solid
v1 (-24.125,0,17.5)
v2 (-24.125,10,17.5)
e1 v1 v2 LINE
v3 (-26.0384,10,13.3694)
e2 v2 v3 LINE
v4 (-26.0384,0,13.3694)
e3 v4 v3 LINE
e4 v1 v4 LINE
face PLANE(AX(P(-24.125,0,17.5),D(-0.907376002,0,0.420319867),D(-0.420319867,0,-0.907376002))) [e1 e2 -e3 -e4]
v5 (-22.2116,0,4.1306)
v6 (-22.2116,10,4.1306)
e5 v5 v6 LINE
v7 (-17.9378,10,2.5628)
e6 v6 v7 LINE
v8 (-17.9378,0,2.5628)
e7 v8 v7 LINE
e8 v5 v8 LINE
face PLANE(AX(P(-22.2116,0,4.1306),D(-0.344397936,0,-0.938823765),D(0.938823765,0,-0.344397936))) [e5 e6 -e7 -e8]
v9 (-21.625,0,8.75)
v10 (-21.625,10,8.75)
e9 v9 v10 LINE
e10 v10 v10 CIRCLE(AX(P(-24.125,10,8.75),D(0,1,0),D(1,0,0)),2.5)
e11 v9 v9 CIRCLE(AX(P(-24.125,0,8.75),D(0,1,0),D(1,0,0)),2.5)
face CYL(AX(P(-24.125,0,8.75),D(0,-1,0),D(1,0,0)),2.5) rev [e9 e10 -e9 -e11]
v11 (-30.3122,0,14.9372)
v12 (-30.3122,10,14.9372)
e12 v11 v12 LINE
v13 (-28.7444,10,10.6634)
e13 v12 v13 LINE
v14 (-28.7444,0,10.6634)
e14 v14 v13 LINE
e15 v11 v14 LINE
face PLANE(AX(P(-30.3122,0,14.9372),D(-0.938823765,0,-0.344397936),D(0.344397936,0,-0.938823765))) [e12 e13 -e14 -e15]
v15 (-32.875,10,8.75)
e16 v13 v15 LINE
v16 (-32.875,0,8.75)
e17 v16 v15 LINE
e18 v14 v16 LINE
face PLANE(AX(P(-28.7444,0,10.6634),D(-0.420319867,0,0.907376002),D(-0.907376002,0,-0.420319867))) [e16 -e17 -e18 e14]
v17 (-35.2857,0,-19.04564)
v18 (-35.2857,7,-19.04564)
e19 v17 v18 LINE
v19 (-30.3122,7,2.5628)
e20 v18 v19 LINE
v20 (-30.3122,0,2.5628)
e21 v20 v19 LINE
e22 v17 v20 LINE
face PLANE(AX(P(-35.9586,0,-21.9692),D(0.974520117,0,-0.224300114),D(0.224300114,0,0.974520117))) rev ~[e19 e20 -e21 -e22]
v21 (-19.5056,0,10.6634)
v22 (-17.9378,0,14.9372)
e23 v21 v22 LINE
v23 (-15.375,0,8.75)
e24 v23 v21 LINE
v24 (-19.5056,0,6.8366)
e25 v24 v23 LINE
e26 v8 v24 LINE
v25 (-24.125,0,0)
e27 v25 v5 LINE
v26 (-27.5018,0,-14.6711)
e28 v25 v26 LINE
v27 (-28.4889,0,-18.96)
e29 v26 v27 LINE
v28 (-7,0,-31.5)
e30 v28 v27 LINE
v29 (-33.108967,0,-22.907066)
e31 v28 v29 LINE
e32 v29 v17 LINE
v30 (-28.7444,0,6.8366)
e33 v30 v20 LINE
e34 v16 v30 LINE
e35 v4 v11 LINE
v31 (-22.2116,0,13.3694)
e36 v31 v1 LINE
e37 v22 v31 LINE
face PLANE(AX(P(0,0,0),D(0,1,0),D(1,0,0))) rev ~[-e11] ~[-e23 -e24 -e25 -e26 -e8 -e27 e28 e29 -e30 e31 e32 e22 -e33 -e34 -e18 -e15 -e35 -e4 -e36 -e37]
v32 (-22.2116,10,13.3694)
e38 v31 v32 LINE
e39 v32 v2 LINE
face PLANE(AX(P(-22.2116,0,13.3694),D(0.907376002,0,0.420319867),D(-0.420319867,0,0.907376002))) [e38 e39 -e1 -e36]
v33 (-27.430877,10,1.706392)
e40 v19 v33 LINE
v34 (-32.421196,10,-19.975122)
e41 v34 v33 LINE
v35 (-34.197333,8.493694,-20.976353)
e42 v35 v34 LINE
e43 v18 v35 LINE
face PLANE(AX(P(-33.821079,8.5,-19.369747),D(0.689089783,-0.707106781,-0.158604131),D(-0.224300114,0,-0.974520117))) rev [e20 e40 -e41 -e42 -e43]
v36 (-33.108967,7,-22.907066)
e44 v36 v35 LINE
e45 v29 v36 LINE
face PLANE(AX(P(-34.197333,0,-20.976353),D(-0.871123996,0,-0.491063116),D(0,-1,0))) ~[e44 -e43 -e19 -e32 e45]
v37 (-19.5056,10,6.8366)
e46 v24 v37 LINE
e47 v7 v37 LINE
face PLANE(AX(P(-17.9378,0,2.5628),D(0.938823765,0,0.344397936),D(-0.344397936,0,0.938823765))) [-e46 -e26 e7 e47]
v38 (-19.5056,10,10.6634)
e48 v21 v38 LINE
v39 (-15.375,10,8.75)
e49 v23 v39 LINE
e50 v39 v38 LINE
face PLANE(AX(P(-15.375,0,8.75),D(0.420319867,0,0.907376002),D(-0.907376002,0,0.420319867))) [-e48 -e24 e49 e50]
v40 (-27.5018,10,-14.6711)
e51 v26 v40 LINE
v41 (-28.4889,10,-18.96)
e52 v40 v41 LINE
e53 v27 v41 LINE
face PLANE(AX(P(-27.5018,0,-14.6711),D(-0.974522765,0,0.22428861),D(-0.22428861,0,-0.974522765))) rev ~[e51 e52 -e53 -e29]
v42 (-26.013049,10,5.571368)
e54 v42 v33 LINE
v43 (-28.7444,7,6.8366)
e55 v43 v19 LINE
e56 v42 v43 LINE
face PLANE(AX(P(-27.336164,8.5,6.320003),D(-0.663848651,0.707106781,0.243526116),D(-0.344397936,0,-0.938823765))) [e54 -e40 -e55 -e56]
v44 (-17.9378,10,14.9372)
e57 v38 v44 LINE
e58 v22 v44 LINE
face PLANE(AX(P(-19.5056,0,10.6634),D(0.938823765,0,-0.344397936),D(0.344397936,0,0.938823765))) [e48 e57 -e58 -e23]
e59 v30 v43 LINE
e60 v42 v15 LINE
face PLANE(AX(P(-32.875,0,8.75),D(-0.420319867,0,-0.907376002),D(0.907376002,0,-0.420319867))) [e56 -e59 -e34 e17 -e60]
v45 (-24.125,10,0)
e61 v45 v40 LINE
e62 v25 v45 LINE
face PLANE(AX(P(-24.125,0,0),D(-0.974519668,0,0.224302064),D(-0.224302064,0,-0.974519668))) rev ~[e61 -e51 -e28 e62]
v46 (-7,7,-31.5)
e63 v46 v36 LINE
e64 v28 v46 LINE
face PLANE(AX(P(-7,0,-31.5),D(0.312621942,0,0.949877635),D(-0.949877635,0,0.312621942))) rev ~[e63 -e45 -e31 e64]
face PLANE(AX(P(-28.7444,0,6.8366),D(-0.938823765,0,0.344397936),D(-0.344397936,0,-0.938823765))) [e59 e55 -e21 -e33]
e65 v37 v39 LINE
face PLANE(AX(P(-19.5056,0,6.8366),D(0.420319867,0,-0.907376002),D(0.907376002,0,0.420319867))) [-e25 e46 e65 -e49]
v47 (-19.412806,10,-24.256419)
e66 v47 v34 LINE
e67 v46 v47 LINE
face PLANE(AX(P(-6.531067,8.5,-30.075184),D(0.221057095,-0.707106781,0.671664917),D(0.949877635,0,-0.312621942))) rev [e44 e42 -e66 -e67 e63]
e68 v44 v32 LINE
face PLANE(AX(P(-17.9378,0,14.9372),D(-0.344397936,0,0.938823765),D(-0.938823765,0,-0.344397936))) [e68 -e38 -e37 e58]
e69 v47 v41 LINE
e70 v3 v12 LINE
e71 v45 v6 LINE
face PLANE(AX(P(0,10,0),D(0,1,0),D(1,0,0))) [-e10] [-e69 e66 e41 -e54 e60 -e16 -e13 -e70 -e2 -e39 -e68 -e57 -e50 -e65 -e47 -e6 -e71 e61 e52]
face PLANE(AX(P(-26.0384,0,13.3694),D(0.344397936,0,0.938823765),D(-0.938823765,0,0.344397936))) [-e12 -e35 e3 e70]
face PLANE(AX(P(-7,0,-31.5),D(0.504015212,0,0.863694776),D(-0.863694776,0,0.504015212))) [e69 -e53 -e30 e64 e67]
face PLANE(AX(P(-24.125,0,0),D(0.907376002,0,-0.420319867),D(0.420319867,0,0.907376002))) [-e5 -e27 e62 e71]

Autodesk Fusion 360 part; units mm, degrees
sketch "Sketch1" plane through (0, 0, 0) normal (0, 1, 0) x (1, 0, 0)
  line L0 (-7, 31.5) -> (-7, 0) construction
  line L1 (-35.9586, 21.9692) -> (-30.3122, -2.5628)
  line L2 (-7, 31.5) -> (-35.9586, 21.9692)
  line L3 (-22.2116, -4.1306) -> (-17.9378, -2.5628)
  line L4 (-27.5018, 14.6711) -> (-28.4889, 18.96)
  line L5 (-26.0384, -4.1306) -> (-24.125, 0)
  line L6 (-30.3122, -2.5628) -> (-24.125, 0)
  line L7 (-24.125, 0) -> (-17.9378, -2.5628)
  line L8 (-7, 31.5) -> (-14, -20.9929)
  line L9 (-7, 31.5) -> (-34.239, 31.5)
  circle A0 centre (-24.125, -8.75) radius 5
  line L10 (-24.125, 0) -> (-27.5018, 14.6711)
  circle A1 centre (-24.125, -8.75) radius 2.5
  line L11 (-30.3122, -14.9372) -> (-32.875, -8.75)
  line L12 (-28.7444, -10.6634) -> (-32.875, -8.75)
  line L13 (-17.9378, -2.5628) -> (-15.375, -8.75)
  line L14 (-24.125, -17.5) -> (-26.0384, -13.3694)
  line L15 (-43.7102, -20.9929) -> (-14, -20.9929)
  line L16 (-19.5056, -10.6634) -> (-17.9378, -14.9372)
  line L17 (-17.9378, -14.9372) -> (-24.125, -17.5)
  line L18 (-15.375, -8.75) -> (-17.9378, -14.9372)
  line L19 (-32.875, -8.75) -> (-28.7444, -6.8366)
  line L20 (-26.0384, -13.3694) -> (-30.3122, -14.9372)
  line L21 (-19.5056, -6.8366) -> (-15.375, -8.75)
  line L22 (-22.2116, -13.3694) -> (-24.125, -17.5)
  line L23 (-17.9378, -14.9372) -> (-22.2116, -13.3694)
  line L24 (-34.239, 31.5) -> (-43.7102, -20.9929)
  line L25 (-32.875, -8.75) -> (-30.3122, -2.5628)
  line L26 (-24.125, -17.5) -> (-30.3122, -14.9372)
  line L27 (-17.9378, -2.5628) -> (-19.5056, -6.8366)
  line L28 (-15.375, -8.75) -> (-19.5056, -10.6634)
  line L29 (-30.3122, -14.9372) -> (-28.7444, -10.6634)
  line L30 (-24.125, 0) -> (-22.2116, -4.1306)
  line L31 (-7, 31.5) -> (-28.4889, 18.96)
  line L32 (-29.1989, 4.3652) -> (-29.1875, 4.3554)
  line L33 (-30.3122, -2.5628) -> (-26.0384, -4.1306)
  line L34 (-21.0314, -1.2814) -> (-24.125, -8.75) construction
  line L35 (-28.7444, -6.8366) -> (-30.3122, -2.5628)
  point P0 (-24.125, -8.75)
  point P1 (-14, 0)
  point P2 (-14, 0)
  point P3 (-14, 0)
  point P4 (-7, 0)
extrude "Extrude1" add sketch "Sketch1" along normal blind 10 contours L1 L2 L4 L6 L10 L31 | L5 L6 L33 | A0 L33 L35 | L5 A0 L30 | A0 L12 L19 | A0 | L3 A0 L27 | A0 L20 L29 | A0 L21 L28 | A0 L14 L22 | A0 L16 L23
chamfer "Chamfer3" distance 3 angle 45 1 edges at (-35.9586, 5, -21.9692)
chamfer "Chamfer4" distance 3 angle 45 1 edges at (-20.0545, 10, -27.2035)
chamfer "Chamfer5" distance 3 angle 45 2 edges at (-32.7975, 10, -8.2352) (-29.5283, 10, 4.6997)
